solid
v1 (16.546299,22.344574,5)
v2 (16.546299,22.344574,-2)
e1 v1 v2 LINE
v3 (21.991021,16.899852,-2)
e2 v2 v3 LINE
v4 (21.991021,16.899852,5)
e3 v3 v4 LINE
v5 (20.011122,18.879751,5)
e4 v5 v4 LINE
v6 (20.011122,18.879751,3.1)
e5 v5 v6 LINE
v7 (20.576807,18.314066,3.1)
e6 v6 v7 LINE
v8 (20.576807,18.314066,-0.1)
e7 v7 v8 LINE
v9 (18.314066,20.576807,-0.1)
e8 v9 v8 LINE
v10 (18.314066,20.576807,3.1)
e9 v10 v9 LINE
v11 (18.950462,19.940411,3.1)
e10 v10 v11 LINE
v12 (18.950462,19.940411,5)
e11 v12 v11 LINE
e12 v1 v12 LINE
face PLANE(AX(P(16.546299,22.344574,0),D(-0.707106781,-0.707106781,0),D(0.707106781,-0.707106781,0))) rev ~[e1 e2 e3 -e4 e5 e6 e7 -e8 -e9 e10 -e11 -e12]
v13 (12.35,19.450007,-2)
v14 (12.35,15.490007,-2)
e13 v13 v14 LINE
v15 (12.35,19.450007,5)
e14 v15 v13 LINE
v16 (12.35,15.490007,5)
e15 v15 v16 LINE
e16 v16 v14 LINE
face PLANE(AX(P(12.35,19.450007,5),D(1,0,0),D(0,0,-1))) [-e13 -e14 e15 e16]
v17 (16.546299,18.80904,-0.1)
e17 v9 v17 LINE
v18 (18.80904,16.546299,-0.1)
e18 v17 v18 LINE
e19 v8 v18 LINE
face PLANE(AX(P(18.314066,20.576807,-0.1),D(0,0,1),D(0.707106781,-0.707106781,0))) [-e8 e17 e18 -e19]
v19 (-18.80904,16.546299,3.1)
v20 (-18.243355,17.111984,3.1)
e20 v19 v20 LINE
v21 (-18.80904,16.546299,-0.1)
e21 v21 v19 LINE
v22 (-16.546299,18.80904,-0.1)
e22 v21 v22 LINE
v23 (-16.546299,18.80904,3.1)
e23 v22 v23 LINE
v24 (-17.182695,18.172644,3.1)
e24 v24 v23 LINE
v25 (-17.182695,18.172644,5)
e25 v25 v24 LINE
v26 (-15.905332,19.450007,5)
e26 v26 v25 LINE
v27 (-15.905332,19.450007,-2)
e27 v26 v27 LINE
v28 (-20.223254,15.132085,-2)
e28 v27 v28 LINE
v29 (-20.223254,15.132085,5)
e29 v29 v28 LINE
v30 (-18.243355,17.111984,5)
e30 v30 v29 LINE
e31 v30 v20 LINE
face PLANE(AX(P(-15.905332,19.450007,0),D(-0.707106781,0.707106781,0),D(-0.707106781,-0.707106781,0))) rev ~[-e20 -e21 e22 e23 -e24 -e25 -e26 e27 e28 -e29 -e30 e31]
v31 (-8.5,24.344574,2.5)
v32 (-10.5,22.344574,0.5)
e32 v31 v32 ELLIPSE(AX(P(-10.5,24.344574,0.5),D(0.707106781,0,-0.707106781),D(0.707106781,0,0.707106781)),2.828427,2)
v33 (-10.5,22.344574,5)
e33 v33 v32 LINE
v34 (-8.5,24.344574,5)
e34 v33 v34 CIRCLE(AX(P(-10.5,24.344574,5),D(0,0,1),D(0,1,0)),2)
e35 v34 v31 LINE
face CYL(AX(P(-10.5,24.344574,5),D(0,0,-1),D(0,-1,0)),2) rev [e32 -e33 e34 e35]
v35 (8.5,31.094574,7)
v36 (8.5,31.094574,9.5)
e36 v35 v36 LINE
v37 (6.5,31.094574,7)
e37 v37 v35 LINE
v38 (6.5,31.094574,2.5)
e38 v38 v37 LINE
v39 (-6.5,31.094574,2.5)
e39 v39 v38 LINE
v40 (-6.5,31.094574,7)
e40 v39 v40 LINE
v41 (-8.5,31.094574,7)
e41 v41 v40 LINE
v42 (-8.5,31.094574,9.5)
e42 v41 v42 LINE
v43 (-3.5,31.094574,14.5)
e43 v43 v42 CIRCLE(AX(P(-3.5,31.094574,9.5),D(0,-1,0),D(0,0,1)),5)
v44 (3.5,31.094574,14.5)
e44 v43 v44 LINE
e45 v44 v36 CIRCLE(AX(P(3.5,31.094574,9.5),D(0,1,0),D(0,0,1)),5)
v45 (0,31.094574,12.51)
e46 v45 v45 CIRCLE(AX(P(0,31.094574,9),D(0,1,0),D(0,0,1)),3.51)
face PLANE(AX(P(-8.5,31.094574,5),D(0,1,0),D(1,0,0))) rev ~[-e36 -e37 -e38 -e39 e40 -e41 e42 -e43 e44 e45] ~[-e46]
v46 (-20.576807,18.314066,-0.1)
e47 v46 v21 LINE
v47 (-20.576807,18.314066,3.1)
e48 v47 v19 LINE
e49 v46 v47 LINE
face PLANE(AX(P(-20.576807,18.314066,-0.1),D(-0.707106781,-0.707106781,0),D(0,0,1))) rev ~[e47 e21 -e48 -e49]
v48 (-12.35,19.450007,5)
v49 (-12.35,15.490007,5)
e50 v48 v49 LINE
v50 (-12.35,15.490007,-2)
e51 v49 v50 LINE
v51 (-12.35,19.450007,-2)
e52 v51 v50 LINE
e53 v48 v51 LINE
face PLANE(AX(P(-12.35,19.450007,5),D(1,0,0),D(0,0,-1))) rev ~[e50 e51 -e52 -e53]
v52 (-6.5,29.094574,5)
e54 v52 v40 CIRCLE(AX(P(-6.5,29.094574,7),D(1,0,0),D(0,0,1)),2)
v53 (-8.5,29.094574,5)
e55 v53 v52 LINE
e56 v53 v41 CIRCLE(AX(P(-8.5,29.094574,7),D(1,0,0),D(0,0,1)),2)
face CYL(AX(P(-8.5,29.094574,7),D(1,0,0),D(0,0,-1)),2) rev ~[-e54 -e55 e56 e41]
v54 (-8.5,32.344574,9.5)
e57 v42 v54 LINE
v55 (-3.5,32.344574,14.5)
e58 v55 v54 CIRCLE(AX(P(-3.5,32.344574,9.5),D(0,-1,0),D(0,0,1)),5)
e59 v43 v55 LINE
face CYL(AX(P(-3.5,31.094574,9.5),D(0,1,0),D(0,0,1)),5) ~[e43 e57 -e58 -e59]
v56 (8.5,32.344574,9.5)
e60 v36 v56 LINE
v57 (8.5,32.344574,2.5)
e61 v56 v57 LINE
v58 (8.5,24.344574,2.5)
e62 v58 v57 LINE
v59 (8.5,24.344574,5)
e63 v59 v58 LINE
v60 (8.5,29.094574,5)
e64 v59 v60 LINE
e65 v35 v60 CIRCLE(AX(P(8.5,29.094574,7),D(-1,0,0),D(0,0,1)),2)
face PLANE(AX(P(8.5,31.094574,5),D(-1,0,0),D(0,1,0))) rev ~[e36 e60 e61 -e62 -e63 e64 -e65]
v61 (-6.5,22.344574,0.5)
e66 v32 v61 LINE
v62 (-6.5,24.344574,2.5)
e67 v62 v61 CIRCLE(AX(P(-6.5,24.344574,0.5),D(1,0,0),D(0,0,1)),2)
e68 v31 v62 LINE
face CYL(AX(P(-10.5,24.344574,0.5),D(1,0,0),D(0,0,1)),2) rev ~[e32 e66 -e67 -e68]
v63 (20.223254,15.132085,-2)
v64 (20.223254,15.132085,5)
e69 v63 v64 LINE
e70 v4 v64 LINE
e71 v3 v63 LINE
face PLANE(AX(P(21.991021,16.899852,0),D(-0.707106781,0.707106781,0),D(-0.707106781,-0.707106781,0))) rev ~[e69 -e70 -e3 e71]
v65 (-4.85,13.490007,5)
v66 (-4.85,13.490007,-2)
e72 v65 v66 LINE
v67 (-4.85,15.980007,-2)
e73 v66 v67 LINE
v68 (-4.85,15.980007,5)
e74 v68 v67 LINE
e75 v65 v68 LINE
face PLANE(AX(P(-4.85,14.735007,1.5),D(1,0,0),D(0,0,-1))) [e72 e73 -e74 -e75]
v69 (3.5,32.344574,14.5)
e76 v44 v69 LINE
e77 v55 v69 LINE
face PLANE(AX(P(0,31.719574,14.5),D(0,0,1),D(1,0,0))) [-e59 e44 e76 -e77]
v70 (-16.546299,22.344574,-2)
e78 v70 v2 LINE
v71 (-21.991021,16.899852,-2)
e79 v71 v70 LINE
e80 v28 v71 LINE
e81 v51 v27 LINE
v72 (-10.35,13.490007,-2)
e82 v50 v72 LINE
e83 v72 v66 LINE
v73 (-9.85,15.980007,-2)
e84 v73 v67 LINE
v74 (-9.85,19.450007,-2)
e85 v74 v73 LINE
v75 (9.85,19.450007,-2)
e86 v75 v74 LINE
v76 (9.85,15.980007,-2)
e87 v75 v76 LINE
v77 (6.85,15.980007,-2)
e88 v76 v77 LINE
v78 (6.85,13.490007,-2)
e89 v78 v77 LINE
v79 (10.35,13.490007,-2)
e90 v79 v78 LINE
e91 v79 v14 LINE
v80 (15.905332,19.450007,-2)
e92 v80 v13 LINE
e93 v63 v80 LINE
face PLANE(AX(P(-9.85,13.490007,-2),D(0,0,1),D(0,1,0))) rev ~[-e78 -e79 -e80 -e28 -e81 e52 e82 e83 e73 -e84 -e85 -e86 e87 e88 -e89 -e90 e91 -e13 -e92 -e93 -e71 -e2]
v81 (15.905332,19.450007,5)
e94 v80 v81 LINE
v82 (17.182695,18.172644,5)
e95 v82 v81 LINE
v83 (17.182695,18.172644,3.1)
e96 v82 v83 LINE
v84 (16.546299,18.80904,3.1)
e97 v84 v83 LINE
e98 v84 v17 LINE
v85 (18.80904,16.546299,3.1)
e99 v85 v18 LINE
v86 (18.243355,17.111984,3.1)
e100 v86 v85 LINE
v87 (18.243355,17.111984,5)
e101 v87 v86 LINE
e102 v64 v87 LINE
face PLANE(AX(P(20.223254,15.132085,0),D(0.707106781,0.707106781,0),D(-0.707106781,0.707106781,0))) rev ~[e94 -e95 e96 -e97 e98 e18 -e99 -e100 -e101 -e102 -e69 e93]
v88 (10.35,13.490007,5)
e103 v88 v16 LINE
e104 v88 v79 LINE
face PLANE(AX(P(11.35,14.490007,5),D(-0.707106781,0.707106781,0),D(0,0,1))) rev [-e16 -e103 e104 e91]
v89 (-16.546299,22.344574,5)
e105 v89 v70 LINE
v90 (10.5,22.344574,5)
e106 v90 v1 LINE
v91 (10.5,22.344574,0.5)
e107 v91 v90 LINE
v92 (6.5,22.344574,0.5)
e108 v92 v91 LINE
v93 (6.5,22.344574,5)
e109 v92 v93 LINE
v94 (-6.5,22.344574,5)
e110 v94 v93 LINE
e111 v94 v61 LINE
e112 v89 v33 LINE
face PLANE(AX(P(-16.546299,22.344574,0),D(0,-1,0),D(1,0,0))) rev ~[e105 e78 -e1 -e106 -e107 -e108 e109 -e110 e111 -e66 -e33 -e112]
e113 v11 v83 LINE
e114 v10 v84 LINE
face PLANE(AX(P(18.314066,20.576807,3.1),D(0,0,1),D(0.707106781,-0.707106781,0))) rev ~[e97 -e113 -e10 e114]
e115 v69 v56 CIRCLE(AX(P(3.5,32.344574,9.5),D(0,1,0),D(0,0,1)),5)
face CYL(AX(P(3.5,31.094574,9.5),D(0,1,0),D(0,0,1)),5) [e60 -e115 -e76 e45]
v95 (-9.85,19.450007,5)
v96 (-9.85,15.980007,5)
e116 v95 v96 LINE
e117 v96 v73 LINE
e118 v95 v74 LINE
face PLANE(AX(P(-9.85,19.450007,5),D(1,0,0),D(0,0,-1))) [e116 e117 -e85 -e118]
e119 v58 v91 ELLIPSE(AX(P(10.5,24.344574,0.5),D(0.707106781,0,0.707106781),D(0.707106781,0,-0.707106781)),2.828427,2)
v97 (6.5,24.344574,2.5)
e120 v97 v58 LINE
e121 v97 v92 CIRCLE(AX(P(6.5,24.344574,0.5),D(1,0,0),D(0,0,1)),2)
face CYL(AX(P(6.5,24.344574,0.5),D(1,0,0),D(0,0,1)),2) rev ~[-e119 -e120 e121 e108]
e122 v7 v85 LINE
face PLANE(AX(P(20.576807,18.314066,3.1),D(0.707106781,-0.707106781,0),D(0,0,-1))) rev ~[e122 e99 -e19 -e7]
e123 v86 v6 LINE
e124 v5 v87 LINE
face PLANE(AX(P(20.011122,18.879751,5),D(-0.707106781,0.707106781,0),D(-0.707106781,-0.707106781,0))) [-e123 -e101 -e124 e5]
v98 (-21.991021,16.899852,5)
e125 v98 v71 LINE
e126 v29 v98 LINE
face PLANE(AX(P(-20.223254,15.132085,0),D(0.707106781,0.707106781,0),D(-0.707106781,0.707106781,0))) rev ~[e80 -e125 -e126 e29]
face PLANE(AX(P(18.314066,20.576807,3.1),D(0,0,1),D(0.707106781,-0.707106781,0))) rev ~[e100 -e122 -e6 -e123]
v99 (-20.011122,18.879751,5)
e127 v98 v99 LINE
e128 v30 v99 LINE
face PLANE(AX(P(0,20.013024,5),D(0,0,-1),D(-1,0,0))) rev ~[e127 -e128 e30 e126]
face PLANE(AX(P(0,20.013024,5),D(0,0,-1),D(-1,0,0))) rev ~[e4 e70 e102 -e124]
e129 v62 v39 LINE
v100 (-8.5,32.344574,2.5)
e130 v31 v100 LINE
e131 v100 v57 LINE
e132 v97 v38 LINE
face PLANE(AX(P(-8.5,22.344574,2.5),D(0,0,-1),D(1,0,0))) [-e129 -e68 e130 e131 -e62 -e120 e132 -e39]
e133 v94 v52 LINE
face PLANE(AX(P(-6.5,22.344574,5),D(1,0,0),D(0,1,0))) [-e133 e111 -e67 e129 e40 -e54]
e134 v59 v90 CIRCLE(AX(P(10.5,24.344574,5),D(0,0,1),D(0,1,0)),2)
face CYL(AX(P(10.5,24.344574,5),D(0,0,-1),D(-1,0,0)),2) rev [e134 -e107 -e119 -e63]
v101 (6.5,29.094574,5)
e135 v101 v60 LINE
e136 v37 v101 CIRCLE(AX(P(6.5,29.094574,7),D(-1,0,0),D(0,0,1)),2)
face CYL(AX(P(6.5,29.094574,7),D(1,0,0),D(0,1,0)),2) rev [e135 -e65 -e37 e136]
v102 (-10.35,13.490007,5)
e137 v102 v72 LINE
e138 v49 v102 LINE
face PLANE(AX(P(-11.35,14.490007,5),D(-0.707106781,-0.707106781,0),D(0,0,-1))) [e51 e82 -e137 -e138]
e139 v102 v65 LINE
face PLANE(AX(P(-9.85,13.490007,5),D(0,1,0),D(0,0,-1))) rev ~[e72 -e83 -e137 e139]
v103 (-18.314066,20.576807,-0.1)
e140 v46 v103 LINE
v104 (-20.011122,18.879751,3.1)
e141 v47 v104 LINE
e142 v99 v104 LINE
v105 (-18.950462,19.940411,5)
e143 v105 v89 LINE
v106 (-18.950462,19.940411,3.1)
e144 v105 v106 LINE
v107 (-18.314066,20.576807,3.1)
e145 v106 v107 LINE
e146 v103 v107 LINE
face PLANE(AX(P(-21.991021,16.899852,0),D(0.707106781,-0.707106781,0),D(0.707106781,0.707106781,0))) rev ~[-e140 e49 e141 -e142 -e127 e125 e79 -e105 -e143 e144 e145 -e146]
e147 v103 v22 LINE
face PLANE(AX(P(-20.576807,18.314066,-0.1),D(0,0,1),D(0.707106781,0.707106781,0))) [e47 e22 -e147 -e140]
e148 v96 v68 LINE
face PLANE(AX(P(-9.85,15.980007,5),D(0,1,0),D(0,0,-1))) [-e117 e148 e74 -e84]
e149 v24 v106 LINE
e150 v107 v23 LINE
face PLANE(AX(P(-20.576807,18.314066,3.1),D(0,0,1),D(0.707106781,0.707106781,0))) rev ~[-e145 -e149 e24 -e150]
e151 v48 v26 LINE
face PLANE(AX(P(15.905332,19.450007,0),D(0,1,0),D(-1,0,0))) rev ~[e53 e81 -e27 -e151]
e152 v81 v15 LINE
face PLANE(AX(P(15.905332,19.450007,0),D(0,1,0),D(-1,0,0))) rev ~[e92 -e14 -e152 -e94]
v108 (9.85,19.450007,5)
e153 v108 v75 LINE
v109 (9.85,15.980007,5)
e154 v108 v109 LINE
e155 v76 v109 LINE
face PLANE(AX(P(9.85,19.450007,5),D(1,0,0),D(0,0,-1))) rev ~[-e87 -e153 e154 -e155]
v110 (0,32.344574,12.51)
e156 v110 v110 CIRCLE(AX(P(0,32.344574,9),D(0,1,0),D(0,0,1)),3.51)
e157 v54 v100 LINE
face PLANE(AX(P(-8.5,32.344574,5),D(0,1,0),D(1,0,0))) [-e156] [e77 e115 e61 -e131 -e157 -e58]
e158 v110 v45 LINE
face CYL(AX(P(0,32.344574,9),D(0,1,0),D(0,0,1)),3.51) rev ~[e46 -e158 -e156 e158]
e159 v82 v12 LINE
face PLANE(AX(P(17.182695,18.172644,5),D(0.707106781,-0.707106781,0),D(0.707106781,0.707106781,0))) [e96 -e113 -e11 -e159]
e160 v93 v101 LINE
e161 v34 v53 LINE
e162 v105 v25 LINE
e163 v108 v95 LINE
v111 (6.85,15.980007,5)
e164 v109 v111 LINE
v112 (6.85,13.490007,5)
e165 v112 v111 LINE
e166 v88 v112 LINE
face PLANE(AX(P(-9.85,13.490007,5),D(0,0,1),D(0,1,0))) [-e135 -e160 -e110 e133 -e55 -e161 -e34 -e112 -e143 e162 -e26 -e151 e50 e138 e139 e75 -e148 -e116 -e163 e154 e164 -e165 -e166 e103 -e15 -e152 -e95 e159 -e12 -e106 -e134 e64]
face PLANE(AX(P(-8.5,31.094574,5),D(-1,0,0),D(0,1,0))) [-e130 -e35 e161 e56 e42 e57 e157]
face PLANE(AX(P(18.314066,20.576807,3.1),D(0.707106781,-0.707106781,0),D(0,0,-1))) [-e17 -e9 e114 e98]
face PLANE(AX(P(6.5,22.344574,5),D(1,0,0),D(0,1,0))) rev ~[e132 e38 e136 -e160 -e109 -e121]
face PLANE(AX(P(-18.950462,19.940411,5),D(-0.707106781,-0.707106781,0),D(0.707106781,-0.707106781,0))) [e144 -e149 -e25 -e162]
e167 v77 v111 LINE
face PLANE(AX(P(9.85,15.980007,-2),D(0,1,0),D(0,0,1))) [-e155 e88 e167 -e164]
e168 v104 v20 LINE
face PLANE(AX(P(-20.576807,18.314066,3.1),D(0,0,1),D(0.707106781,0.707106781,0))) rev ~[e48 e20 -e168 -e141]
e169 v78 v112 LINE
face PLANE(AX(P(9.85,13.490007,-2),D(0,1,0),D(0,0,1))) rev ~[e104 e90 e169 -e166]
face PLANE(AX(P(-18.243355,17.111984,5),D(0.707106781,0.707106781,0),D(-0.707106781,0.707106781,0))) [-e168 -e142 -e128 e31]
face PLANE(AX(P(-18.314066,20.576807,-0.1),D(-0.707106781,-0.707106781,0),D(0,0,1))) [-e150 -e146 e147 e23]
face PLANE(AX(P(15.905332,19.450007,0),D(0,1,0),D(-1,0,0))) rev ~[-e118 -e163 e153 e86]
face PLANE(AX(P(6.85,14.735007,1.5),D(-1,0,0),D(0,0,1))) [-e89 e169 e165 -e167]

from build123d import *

# Parameters (mm, degrees)
BOSS_EXTRUDE2_DEPTH = 5
BOSS_EXTRUDE3_DEPTH = 2
SKETCH4_W           = 3.2
SKETCH4_H           = 3.2
CUT_EXTRUDE1_DEPTH  = 2.5
SKETCH5_W           = 3.2
SKETCH5_H           = 3.2
CUT_EXTRUDE2_DEPTH  = 2.5
CUT_EXTRUDE4_REACH  = 34.123
CUT_EXTRUDE5_REACH  = 34.123
SKETCH8_W           = 2.5
SKETCH8_H           = 7
BOSS_EXTRUDE4_DEPTH = 5.96
SKETCH10_W          = 7
SKETCH10_H          = 2.49
BOSS_EXTRUDE5_DEPTH = 3
SKETCH11_W          = 7
SKETCH11_H          = 2.49
BOSS_EXTRUDE6_DEPTH = 5
SKETCH12_W          = 17
SKETCH12_H          = 2.5
BOSS_EXTRUDE7_DEPTH = 10
CUT_EXTRUDE7_REACH  = 41.734
SKETCH14_W          = 13
SKETCH14_H          = 8.75
SKETCH16_W          = 17
SKETCH16_H          = 1.25
BOSS_EXTRUDE8_DEPTH = 9.5
CUT_EXTRUDE8_REACH  = 34.394
SKETCH17_R          = 3.51
FILLET7_R           = 2
FILLET8_R           = 5
FILLET9_R           = 5
CHAMFER1_SIZE       = 2
CHAMFER2_SIZE       = 2
FILLET11_R          = 2
FILLET12_R          = 2
FILLET13_R          = 2
FILLET14_R          = 2
FILLET16_R          = 2


with BuildPart() as part:
    # Sketch2 → Boss-Extrude2 (new body)
    with BuildSketch(Plane.XY):
        Polygon((15.905331571, 19.450007488), (-15.905331571, 19.450007488), (-20.223253942, 15.132085117), (-21.991020895, 16.89985207), (-16.54629868, 22.344574285), (16.54629868, 22.344574285), (21.991020895, 16.89985207), (20.223253942, 15.132085117), align=None)
    extrude(amount=BOSS_EXTRUDE2_DEPTH)

    # Sketch2<2> → Boss-Extrude3 (add)
    with BuildSketch(Plane.XY):
        Polygon((15.905331571, 19.450007488), (-15.905331571, 19.450007488), (-20.223253942, 15.132085117), (-21.991020895, 16.89985207), (-16.54629868, 22.344574285), (16.54629868, 22.344574285), (21.991020895, 16.89985207), (20.223253942, 15.132085117), align=None)
    extrude(amount=-BOSS_EXTRUDE3_DEPTH)

    # Sketch4 → Cut-Extrude1 (cut)
    with BuildSketch(Plane(origin=(19.445436483, 19.445436483, 0), x_dir=(0.7071067811865479, -0.7071067811865471, 0), z_dir=(0.7071067811865471, 0.7071067811865479, 0))):
        with Locations((0, -1.5)):
            Rectangle(SKETCH4_W, SKETCH4_H)
    extrude(amount=-CUT_EXTRUDE1_DEPTH, mode=Mode.SUBTRACT)

    # Sketch5 → Cut-Extrude2 (cut)
    with BuildSketch(Plane(origin=(-19.445436483, 19.445436483, 0), x_dir=(0, 0, 1), z_dir=(-0.7071067811865477, 0.7071067811865475, 0))):
        with Locations((1.5, 0)):
            Rectangle(SKETCH5_W, SKETCH5_H)
    extrude(amount=-CUT_EXTRUDE2_DEPTH, mode=Mode.SUBTRACT)

    # Sketch6 → Cut-Extrude4 (cut, up to next)
    with BuildSketch(Plane.XY.offset(5), mode=Mode.PRIVATE) as cut_extrude4_sk1:
        Polygon((-20.011121908, 18.879751058), (-18.950461736, 19.940411229), (-17.182694783, 18.172644276), (-18.243354955, 17.111984105), align=None)
    cut_extrude4_tool1 = extrude(cut_extrude4_sk1.sketch, amount=-CUT_EXTRUDE4_REACH, mode=Mode.PRIVATE) & part.part
    add(cut_extrude4_tool1.solids().sort_by_distance((-18.596908, 18.526198, 5))[0], mode=Mode.SUBTRACT)

    # Sketch7 → Cut-Extrude5 (cut, up to next)
    with BuildSketch(Plane.XY.offset(5), mode=Mode.PRIVATE) as cut_extrude5_sk1:
        Polygon((17.182694783, 18.172644276), (18.950461736, 19.940411229), (20.011121908, 18.879751058), (18.243354955, 17.111984105), align=None)
    cut_extrude5_tool1 = extrude(cut_extrude5_sk1.sketch, amount=-CUT_EXTRUDE5_REACH, mode=Mode.PRIVATE) & part.part
    add(cut_extrude5_tool1.solids().sort_by_distance((18.596908, 18.526198, 5))[0], mode=Mode.SUBTRACT)

    # Sketch8 → Boss-Extrude4 (add)
    with BuildSketch(Plane(origin=(0, 19.450007488, 0), x_dir=(-1, 0, 0), z_dir=(0, -1, 0))):
        with Locations((11.1, -1.5)):
            Rectangle(SKETCH8_W, SKETCH8_H)
        with Locations((-11.1, -1.5)):
            Rectangle(SKETCH8_W, SKETCH8_H)
    extrude(amount=BOSS_EXTRUDE4_DEPTH)

    # Sketch10 → Boss-Extrude5 (add)
    with BuildSketch(Plane.ZY.offset(-9.85)):
        with Locations((1.5, 14.735007488)):
            Rectangle(SKETCH10_W, SKETCH10_H)
    extrude(amount=BOSS_EXTRUDE5_DEPTH)

    # Sketch11 → Boss-Extrude6 (add)
    with BuildSketch(Plane(origin=(-9.85, 0, 0), x_dir=(0, 0, -1), z_dir=(1, 0, 0))):
        with Locations((-1.5, 14.735007488)):
            Rectangle(SKETCH11_W, SKETCH11_H)
    extrude(amount=BOSS_EXTRUDE6_DEPTH)

    # Sketch12 → Boss-Extrude7 (add)
    with BuildSketch(Plane(origin=(0, 22.344574285, 0), x_dir=(1, 0, 0), z_dir=(0, 1, 0))):
        with Locations((0, -3.75)):
            Rectangle(SKETCH12_W, SKETCH12_H)
    extrude(amount=BOSS_EXTRUDE7_DEPTH)

    # Sketch14 → Cut-Extrude7 (cut, up to next)
    with BuildSketch(Plane.XY.offset(5), mode=Mode.PRIVATE) as cut_extrude7_sk1:
        with Locations((0, 26.719574285)):
            Rectangle(SKETCH14_W, SKETCH14_H)
    cut_extrude7_tool1 = extrude(cut_extrude7_sk1.sketch, amount=-CUT_EXTRUDE7_REACH, mode=Mode.PRIVATE) & part.part
    add(cut_extrude7_tool1.solids().sort_by_distance((0, 26.719574, 5))[0], mode=Mode.SUBTRACT)

    # Sketch16 → Boss-Extrude8 (add)
    with BuildSketch(Plane.XY.offset(5)):
        with Locations((0, 31.719574285)):
            Rectangle(SKETCH16_W, SKETCH16_H)
    extrude(amount=BOSS_EXTRUDE8_DEPTH)

    # Sketch17 → Cut-Extrude8 (cut, up to next)
    with BuildSketch(Plane(origin=(0, 32.344574285, 0), x_dir=(1, 0, 0), z_dir=(0, 1, 0)), mode=Mode.PRIVATE) as cut_extrude8_sk1:
        with Locations((0, -9)):
            Circle(SKETCH17_R)
    cut_extrude8_tool1 = extrude(cut_extrude8_sk1.sketch, amount=-CUT_EXTRUDE8_REACH, mode=Mode.PRIVATE) & part.part
    add(cut_extrude8_tool1.solids().sort_by_distance((0, 32.344574, 9))[0], mode=Mode.SUBTRACT)

    # Fillet7
    fillet7_edges = [part.edges().sort_by_distance(p)[0] for p in [
        (7.5, 31.094574285, 5),
    ]]
    fillet(fillet7_edges, radius=FILLET7_R)

    # Fillet8
    fillet8_edges = [part.edges().sort_by_distance(p)[0] for p in [
        (8.5, 31.719574285, 14.5),
    ]]
    fillet(fillet8_edges, radius=FILLET8_R)

    # Fillet9
    fillet9_edges = [part.edges().sort_by_distance(p)[0] for p in [
        (-8.5, 31.719574285, 14.5),
    ]]
    fillet(fillet9_edges, radius=FILLET9_R)

    # Chamfer1
    chamfer1_edges = [part.edges().sort_by_distance(p)[0] for p in [
        (-12.35, 13.490007488, 1.5),
    ]]
    chamfer(chamfer1_edges, length=CHAMFER1_SIZE)

    # Chamfer2
    chamfer2_edges = [part.edges().sort_by_distance(p)[0] for p in [
        (12.35, 13.490007488, 1.5),
    ]]
    chamfer(chamfer2_edges, length=CHAMFER2_SIZE)

    # Fillet11
    fillet11_edges = [part.edges().sort_by_distance(p)[0] for p in [
        (-8.5, 22.344574285, 3.75),
    ]]
    fillet(fillet11_edges, radius=FILLET11_R)

    # Fillet12
    fillet12_edges = [part.edges().sort_by_distance(p)[0] for p in [
        (8.5, 22.344574285, 3.75),
    ]]
    fillet(fillet12_edges, radius=FILLET12_R)

    # Fillet13
    fillet13_edges = [part.edges().sort_by_distance(p)[0] for p in [
        (8.5, 22.344574285, 2.5),
    ]]
    fillet(fillet13_edges, radius=FILLET13_R)

    # Fillet14
    fillet14_edges = [part.edges().sort_by_distance(p)[0] for p in [
        (-8.5, 22.344574285, 2.5),
    ]]
    fillet(fillet14_edges, radius=FILLET14_R)

    # Fillet16
    fillet16_edges = [part.edges().sort_by_distance(p)[0] for p in [
        (-7.5, 31.094574285, 5),
    ]]
    fillet(fillet16_edges, radius=FILLET16_R)


solid = part.part
